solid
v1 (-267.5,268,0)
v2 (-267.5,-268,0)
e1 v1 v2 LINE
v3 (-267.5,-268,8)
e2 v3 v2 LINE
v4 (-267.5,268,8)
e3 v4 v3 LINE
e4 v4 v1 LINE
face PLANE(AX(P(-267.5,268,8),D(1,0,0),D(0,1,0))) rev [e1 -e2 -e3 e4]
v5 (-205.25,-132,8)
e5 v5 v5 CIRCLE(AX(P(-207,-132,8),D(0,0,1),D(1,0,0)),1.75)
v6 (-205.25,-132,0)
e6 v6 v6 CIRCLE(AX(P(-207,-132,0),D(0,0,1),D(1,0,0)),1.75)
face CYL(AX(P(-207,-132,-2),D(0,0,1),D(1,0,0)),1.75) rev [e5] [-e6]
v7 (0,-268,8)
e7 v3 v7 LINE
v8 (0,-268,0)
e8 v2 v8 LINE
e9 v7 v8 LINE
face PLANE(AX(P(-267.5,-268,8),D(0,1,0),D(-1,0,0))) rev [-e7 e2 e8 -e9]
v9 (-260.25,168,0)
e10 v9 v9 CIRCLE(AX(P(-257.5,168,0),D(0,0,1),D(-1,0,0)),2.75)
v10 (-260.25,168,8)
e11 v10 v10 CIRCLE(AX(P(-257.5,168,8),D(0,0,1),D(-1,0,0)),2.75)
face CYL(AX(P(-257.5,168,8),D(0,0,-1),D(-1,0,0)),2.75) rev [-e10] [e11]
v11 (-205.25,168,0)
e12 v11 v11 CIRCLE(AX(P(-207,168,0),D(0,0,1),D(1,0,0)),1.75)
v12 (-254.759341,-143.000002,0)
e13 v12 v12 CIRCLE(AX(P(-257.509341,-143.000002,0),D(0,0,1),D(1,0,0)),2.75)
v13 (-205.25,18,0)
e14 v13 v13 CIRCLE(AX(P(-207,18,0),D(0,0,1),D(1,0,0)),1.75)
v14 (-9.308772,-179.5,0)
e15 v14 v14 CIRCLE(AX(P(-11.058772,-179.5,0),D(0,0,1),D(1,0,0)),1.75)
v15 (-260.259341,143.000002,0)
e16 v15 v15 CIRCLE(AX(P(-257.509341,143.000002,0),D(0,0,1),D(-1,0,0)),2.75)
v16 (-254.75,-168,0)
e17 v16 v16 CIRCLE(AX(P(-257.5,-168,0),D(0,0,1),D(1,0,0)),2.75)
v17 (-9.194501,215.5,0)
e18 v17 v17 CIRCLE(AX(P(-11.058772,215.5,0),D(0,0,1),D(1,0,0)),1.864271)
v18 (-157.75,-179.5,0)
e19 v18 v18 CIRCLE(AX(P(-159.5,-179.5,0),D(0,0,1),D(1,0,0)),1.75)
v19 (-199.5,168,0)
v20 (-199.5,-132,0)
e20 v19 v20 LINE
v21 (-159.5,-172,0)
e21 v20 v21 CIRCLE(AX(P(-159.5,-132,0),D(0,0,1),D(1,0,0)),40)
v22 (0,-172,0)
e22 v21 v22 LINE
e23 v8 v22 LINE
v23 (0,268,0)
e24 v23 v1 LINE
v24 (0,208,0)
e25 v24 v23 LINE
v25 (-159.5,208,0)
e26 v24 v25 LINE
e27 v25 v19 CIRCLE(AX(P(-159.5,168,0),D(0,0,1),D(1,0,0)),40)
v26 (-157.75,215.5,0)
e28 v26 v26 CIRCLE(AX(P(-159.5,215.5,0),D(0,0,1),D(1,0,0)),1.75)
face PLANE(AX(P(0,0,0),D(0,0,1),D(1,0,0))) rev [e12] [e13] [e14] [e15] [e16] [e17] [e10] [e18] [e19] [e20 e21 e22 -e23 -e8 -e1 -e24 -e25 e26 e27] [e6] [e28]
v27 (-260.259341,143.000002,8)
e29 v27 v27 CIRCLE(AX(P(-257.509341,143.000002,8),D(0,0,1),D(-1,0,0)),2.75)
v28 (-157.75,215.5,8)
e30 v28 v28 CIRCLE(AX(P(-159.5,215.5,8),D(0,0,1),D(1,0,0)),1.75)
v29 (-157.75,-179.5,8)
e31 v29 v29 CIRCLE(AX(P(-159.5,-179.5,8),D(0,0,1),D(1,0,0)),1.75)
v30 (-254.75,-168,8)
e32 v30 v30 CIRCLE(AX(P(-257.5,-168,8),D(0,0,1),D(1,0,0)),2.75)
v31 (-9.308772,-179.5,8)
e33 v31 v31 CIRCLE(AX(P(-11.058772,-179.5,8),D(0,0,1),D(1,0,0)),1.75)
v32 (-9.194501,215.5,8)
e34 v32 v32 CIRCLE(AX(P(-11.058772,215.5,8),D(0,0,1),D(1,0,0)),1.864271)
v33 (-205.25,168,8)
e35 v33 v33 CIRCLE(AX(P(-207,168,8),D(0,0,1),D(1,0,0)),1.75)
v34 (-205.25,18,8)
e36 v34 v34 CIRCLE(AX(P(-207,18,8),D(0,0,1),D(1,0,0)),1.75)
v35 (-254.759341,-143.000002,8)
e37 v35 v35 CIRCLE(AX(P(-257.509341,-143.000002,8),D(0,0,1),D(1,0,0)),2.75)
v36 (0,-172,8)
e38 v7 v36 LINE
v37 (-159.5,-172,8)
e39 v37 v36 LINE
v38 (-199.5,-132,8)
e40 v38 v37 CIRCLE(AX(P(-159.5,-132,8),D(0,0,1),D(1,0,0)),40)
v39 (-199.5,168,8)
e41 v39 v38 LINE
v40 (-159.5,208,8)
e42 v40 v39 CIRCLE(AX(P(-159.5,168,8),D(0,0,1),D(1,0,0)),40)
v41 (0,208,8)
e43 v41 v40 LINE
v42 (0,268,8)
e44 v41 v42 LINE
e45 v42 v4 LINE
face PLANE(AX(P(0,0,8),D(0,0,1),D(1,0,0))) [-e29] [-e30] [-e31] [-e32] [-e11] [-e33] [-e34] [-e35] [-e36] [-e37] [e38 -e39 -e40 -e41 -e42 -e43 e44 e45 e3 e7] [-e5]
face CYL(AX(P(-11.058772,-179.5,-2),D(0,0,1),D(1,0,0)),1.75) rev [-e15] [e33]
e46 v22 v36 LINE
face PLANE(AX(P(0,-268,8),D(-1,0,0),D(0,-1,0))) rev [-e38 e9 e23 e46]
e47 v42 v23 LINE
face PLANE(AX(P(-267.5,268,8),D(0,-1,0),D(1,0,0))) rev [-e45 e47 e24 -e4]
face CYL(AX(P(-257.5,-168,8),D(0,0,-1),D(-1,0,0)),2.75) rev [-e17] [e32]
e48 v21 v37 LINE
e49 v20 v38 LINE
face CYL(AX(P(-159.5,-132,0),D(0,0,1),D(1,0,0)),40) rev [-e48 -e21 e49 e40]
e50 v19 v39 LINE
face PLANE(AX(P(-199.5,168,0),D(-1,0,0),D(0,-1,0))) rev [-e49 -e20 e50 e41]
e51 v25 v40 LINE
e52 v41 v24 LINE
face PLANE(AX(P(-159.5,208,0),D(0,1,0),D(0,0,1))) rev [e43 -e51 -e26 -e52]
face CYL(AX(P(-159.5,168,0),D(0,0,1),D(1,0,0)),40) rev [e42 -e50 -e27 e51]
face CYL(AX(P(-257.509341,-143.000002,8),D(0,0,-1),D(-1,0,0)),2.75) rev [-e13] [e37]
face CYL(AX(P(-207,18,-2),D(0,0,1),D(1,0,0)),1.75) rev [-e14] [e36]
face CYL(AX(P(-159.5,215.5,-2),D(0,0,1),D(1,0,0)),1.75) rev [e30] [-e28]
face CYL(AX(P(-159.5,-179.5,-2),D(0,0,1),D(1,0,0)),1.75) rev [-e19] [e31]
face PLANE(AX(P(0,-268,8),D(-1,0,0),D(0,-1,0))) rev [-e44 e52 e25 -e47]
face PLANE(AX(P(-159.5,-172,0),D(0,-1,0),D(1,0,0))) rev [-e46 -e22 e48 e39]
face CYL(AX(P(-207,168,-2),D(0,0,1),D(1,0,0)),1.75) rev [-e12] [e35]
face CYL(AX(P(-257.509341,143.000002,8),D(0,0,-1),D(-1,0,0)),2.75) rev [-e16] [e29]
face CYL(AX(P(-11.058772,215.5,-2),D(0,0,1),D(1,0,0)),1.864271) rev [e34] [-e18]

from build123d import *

# Parameters (mm, degrees)
SKETCH1_W           = 267.5
SKETCH1_H           = 536
SKETCH1_R           = 2.75
BOSS_EXTRUDE1_DEPTH = 8
CUT_EXTRUDE1_DEPTH  = 8
SKETCH3_R           = 1.864271291
SKETCH3_R_2         = 1.75
CUT_EXTRUDE2_DEPTH  = 10


with BuildPart() as part:
    # Sketch1 → Boss-Extrude1 (new body)
    with BuildSketch(Plane.XY):
        with Locations((-133.75, 0)):
            Rectangle(SKETCH1_W, SKETCH1_H)
        with Locations((-257.509341423, -143.000001745)):
            Circle(SKETCH1_R, mode=Mode.SUBTRACT)
        with Locations(Location((-257.5, 168, 0), (0, 0, 180))):
            Circle(SKETCH1_R, mode=Mode.SUBTRACT)
        with Locations(Location((-257.509341423, 143.000001745, 0), (0, 0, 180))):
            Circle(SKETCH1_R, mode=Mode.SUBTRACT)
        with Locations((-257.5, -168)):
            Circle(SKETCH1_R, mode=Mode.SUBTRACT)
    extrude(amount=BOSS_EXTRUDE1_DEPTH)

    # Sketch2 → Cut-Extrude1 (cut)
    with BuildSketch(Plane.XY.offset(8)):
        with BuildLine():
            Line((-159.5, 208), (160.5, 208))
            ThreePointArc((160.5, 208), (188.784271247, 196.284271247), (200.5, 168))
            Line((200.5, 168), (200.5, -132))
            ThreePointArc((200.5, -132), (188.784271247, -160.284271247), (160.5, -172))
            Line((160.5, -172), (-159.5, -172))
            ThreePointArc((-159.5, -172), (-187.784271247, -160.284271247), (-199.5, -132))
            Line((-199.5, -132), (-199.5, 168))
            ThreePointArc((-199.5, 168), (-187.784271247, 196.284271247), (-159.5, 208))
        make_face()
    extrude(amount=-CUT_EXTRUDE1_DEPTH, mode=Mode.SUBTRACT)

    # Sketch3 → Cut-Extrude2 (cut)
    with BuildSketch(Plane.XY.offset(8)):
        with Locations((-11.058771906, 215.5)):
            Circle(SKETCH3_R)
        with Locations((-159.5, 215.5)):
            Circle(SKETCH3_R_2)
        with Locations((-207, 168)):
            Circle(SKETCH3_R_2)
        with Locations((-207, 18)):
            Circle(SKETCH3_R_2)
        with Locations((-207, -132)):
            Circle(SKETCH3_R_2)
        with Locations((-159.5, -179.5)):
            Circle(SKETCH3_R_2)
        with Locations((-11.058771906, -179.5)):
            Circle(SKETCH3_R_2)
    extrude(amount=-CUT_EXTRUDE2_DEPTH, mode=Mode.SUBTRACT)


solid = part.part
